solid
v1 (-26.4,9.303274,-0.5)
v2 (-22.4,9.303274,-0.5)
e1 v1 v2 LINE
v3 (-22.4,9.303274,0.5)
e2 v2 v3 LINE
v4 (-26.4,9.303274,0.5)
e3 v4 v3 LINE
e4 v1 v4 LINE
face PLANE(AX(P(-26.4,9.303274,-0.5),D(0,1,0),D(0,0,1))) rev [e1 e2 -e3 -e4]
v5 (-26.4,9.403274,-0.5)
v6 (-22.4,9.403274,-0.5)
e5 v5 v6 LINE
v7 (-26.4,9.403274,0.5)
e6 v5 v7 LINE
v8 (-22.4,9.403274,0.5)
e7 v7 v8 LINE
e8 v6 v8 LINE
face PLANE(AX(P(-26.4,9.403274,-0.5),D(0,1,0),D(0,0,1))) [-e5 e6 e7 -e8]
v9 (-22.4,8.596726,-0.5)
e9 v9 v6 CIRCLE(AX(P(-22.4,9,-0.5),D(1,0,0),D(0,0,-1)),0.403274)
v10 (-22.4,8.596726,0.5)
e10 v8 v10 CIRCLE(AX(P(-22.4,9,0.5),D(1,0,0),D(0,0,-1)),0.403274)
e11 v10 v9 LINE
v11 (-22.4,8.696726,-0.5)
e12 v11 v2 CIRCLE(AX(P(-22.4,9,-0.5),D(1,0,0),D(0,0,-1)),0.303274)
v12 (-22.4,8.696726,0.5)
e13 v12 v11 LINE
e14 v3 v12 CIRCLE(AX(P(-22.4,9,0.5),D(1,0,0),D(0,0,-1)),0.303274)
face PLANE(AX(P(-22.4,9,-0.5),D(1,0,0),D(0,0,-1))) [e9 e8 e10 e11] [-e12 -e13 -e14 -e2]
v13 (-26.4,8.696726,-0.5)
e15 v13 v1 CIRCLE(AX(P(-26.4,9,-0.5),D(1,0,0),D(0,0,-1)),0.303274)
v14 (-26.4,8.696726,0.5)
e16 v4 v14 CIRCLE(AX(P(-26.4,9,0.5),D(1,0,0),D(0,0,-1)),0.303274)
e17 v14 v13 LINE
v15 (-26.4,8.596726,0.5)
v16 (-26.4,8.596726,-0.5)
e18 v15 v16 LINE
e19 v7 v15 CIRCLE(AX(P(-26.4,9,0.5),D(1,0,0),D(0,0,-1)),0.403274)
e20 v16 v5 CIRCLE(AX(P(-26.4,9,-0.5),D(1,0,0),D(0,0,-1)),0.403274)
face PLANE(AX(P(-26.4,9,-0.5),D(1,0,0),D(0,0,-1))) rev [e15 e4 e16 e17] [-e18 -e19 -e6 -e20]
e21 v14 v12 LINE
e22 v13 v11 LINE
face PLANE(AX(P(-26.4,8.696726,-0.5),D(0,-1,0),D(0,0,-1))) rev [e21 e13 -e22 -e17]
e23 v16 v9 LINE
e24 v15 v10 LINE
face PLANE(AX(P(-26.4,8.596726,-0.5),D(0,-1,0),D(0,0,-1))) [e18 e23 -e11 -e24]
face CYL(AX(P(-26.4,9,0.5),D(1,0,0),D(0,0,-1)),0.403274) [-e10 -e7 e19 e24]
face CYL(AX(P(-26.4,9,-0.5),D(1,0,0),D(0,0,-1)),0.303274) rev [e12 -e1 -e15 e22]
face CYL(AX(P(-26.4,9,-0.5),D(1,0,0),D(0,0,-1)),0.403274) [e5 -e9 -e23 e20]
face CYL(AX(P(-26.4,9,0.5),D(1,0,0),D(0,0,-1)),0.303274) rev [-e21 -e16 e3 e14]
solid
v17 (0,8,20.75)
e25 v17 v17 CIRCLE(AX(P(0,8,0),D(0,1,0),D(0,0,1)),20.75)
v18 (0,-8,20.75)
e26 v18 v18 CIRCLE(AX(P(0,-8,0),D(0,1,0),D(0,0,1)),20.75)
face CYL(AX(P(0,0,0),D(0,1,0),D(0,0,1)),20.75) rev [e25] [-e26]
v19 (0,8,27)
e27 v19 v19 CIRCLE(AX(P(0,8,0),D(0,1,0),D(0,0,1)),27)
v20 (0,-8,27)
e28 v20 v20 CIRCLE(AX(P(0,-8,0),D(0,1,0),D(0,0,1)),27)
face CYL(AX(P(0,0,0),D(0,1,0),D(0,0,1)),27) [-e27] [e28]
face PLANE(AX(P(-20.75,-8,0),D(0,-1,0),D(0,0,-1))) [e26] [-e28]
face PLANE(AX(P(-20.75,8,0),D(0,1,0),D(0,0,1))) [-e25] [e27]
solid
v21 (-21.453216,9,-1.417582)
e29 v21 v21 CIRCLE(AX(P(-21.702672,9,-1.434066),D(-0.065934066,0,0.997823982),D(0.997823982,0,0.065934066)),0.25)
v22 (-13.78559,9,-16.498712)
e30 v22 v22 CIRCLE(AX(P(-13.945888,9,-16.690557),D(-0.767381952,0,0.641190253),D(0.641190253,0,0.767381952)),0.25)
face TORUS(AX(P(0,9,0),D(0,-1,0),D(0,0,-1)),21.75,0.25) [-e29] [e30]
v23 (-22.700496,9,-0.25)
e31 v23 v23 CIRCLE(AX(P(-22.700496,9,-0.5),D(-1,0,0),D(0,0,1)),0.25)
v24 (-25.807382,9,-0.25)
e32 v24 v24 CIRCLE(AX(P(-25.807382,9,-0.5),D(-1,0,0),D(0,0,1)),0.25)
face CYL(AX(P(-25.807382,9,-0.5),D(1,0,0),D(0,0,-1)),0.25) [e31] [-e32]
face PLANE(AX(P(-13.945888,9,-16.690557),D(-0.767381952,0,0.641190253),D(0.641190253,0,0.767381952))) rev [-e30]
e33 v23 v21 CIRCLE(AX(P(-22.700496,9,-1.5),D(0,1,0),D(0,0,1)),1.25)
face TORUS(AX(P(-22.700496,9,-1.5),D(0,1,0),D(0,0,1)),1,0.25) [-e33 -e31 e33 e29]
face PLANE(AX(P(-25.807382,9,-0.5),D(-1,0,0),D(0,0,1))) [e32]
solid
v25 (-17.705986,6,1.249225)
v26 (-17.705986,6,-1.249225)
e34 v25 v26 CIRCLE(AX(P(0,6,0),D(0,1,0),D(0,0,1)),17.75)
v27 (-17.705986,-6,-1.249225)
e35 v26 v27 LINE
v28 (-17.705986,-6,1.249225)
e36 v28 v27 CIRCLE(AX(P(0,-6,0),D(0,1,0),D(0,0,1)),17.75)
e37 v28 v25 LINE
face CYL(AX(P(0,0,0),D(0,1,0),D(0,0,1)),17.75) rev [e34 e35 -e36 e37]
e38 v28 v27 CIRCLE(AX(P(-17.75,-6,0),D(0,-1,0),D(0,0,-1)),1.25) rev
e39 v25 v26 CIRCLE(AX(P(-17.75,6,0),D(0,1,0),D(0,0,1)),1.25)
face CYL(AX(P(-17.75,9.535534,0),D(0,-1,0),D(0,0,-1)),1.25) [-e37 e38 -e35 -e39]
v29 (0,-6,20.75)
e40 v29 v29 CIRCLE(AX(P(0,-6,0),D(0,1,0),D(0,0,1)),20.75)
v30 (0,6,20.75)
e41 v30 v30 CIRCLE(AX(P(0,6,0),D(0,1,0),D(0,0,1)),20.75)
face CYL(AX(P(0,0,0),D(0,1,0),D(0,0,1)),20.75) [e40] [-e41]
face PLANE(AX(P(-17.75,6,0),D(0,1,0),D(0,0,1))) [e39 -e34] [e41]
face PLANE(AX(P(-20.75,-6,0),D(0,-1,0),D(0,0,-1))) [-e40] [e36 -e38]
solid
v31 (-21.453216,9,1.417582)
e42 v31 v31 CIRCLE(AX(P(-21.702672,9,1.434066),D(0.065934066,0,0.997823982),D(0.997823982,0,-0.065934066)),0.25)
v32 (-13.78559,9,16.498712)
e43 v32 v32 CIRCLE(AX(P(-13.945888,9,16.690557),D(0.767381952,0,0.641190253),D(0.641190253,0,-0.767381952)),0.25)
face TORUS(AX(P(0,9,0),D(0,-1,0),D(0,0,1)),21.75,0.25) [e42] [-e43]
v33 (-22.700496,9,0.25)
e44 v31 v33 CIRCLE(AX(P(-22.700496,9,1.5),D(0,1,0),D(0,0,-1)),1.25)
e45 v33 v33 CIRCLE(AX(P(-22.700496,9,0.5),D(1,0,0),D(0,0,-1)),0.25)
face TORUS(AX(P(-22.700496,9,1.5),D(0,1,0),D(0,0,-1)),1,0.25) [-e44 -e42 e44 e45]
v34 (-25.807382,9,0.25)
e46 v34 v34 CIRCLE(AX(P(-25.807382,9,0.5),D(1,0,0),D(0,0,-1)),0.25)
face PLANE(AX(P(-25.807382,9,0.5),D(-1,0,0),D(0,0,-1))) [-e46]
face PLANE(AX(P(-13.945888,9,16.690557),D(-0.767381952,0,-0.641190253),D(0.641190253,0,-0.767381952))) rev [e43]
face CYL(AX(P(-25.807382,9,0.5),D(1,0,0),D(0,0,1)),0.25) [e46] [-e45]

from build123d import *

# Parameters (mm, degrees)
SKETCH1_W                       = 3
SKETCH1_H                       = 12
SKETCH2_W                       = 6.25
SKETCH2_H                       = 16
BOSS_EXTRUDE1_REACH             = 41.013
SKETCH3_R                       = 1.25
BOSS_EXTRUDE1_DIRECTION_2_REACH = 41.013
SWEEP1_PROFILE_R                = 0.25
EXTRUDE_THIN1_START             = -22.4
EXTRUDE_THIN1_DEPTH             = 4


with BuildPart() as part:
    # Sketch1 → Revolve1 (revolve)
    with BuildSketch(Plane.XY):
        with Locations((-19.25, 0)):
            Rectangle(SKETCH1_W, SKETCH1_H)
    revolve(axis=Axis((0, 0, 0), (0, -1, 0)))

    # Boss-Extrude1: up to this face of the body (flat: up to its plane)
    boss_extrude1_end = Plane(part.part.faces().sort_by_distance((20.163101372, 6, 0))[0])
    # Sketch3 → Boss-Extrude1 (add, up to the picked face)
    with BuildSketch(Plane(origin=(0, 0, 0), x_dir=(1, 0, 0), z_dir=(0, 1, 0)), mode=Mode.PRIVATE) as boss_extrude1_sk1:
        with Locations((-17.75, 0)):
            Circle(SKETCH3_R)
    boss_extrude1_tool1 = split(extrude(boss_extrude1_sk1.sketch, amount=BOSS_EXTRUDE1_REACH, mode=Mode.PRIVATE), bisect_by=boss_extrude1_end, keep=Keep.BOTH, mode=Mode.PRIVATE)
    add(boss_extrude1_tool1.solids().sort_by(Axis((-17.75, 0, 0), (0, 1, 0)))[0])

    # Boss-Extrude1 direction 2: up to this face of the body (flat: up to its plane)
    boss_extrude1_direction_2_end = Plane(part.part.faces().sort_by_distance((18.336898628, -6, 0))[0])
    # Sketch3 → Boss-Extrude1 direction 2 (add, up to the picked face)
    with BuildSketch(Plane(origin=(0, 0, 0), x_dir=(1, 0, 0), z_dir=(0, 1, 0)), mode=Mode.PRIVATE) as boss_extrude1_direction_2_sk1:
        with Locations((-17.75, 0)):
            Circle(SKETCH3_R)
    boss_extrude1_direction_2_tool1 = split(extrude(boss_extrude1_direction_2_sk1.sketch, amount=-BOSS_EXTRUDE1_DIRECTION_2_REACH, mode=Mode.PRIVATE), bisect_by=boss_extrude1_direction_2_end, keep=Keep.BOTH, mode=Mode.PRIVATE)
    add(boss_extrude1_direction_2_tool1.solids().sort_by(Axis((-17.75, 0, 0), (0, -1, 0)))[0])


with BuildPart() as body_2:
    # Sketch2 → Revolve2 (revolve)
    with BuildSketch(Plane.XY):
        with Locations((-23.875, 0)):
            Rectangle(SKETCH2_W, SKETCH2_H)
    revolve(axis=Axis((0, 0, 0), (0, -1, 0)))


with BuildPart() as body_3:
    # Sweep1: sweep along a path in Sketch4
    with BuildLine(Plane(origin=(0, 9, 0), x_dir=(1, 0, 0), z_dir=(0, 1, 0))) as sweep1_path:
        Line((-25.807382336, 0.5), (-22.700495589, 0.5))
        ThreePointArc((-22.700495589, 0.5), (-22.017097486, 0.769954088), (-21.702671607, 1.434065934))
        ThreePointArc((-21.702671607, 1.434065934), (-19.388013922, 9.857353405), (-13.945888, 16.690557447))
    # Sweep1 profile (on start of the path) → Sweep1 (sweep)
    with BuildSketch(Plane(origin=(-25.807382336, 9, -0.5), x_dir=(0, 0, 1), z_dir=(1, 0, 0))):
        Circle(SWEEP1_PROFILE_R)
    sweep(path=sweep1_path.line)


with BuildPart() as body_4:
    # Mirror2: mirrored copy
    add(body_3.part.mirror(Plane.XY))


with BuildPart() as body_5:
    # Sketch23 → Extrude-Thin1 (new body)
    with BuildSketch(Plane(origin=(0, 0, 0), x_dir=(0, 0, -1), z_dir=(1, 0, 0)).offset(EXTRUDE_THIN1_START)):
        with BuildLine():
            Line((-0.5, 9.403274162), (0.5, 9.403274162))
            ThreePointArc((0.5, 9.403274162), (0.903274162, 9), (0.5, 8.596725838))
            Line((0.5, 8.596725838), (-0.5, 8.596725838))
            ThreePointArc((-0.5, 8.596725838), (-0.903274162, 9), (-0.5, 9.403274162))
        make_face()
        with BuildLine():
            Line((-0.5, 9.303274162), (0.5, 9.303274162))
            ThreePointArc((0.5, 9.303274162), (0.803274162, 9), (0.5, 8.696725838))
            Line((0.5, 8.696725838), (-0.5, 8.696725838))
            ThreePointArc((-0.5, 8.696725838), (-0.803274162, 9), (-0.5, 9.303274162))
        make_face(mode=Mode.SUBTRACT)
    extrude(amount=-EXTRUDE_THIN1_DEPTH)


solid = Compound([part.part, body_2.part, body_3.part, body_4.part, body_5.part])
